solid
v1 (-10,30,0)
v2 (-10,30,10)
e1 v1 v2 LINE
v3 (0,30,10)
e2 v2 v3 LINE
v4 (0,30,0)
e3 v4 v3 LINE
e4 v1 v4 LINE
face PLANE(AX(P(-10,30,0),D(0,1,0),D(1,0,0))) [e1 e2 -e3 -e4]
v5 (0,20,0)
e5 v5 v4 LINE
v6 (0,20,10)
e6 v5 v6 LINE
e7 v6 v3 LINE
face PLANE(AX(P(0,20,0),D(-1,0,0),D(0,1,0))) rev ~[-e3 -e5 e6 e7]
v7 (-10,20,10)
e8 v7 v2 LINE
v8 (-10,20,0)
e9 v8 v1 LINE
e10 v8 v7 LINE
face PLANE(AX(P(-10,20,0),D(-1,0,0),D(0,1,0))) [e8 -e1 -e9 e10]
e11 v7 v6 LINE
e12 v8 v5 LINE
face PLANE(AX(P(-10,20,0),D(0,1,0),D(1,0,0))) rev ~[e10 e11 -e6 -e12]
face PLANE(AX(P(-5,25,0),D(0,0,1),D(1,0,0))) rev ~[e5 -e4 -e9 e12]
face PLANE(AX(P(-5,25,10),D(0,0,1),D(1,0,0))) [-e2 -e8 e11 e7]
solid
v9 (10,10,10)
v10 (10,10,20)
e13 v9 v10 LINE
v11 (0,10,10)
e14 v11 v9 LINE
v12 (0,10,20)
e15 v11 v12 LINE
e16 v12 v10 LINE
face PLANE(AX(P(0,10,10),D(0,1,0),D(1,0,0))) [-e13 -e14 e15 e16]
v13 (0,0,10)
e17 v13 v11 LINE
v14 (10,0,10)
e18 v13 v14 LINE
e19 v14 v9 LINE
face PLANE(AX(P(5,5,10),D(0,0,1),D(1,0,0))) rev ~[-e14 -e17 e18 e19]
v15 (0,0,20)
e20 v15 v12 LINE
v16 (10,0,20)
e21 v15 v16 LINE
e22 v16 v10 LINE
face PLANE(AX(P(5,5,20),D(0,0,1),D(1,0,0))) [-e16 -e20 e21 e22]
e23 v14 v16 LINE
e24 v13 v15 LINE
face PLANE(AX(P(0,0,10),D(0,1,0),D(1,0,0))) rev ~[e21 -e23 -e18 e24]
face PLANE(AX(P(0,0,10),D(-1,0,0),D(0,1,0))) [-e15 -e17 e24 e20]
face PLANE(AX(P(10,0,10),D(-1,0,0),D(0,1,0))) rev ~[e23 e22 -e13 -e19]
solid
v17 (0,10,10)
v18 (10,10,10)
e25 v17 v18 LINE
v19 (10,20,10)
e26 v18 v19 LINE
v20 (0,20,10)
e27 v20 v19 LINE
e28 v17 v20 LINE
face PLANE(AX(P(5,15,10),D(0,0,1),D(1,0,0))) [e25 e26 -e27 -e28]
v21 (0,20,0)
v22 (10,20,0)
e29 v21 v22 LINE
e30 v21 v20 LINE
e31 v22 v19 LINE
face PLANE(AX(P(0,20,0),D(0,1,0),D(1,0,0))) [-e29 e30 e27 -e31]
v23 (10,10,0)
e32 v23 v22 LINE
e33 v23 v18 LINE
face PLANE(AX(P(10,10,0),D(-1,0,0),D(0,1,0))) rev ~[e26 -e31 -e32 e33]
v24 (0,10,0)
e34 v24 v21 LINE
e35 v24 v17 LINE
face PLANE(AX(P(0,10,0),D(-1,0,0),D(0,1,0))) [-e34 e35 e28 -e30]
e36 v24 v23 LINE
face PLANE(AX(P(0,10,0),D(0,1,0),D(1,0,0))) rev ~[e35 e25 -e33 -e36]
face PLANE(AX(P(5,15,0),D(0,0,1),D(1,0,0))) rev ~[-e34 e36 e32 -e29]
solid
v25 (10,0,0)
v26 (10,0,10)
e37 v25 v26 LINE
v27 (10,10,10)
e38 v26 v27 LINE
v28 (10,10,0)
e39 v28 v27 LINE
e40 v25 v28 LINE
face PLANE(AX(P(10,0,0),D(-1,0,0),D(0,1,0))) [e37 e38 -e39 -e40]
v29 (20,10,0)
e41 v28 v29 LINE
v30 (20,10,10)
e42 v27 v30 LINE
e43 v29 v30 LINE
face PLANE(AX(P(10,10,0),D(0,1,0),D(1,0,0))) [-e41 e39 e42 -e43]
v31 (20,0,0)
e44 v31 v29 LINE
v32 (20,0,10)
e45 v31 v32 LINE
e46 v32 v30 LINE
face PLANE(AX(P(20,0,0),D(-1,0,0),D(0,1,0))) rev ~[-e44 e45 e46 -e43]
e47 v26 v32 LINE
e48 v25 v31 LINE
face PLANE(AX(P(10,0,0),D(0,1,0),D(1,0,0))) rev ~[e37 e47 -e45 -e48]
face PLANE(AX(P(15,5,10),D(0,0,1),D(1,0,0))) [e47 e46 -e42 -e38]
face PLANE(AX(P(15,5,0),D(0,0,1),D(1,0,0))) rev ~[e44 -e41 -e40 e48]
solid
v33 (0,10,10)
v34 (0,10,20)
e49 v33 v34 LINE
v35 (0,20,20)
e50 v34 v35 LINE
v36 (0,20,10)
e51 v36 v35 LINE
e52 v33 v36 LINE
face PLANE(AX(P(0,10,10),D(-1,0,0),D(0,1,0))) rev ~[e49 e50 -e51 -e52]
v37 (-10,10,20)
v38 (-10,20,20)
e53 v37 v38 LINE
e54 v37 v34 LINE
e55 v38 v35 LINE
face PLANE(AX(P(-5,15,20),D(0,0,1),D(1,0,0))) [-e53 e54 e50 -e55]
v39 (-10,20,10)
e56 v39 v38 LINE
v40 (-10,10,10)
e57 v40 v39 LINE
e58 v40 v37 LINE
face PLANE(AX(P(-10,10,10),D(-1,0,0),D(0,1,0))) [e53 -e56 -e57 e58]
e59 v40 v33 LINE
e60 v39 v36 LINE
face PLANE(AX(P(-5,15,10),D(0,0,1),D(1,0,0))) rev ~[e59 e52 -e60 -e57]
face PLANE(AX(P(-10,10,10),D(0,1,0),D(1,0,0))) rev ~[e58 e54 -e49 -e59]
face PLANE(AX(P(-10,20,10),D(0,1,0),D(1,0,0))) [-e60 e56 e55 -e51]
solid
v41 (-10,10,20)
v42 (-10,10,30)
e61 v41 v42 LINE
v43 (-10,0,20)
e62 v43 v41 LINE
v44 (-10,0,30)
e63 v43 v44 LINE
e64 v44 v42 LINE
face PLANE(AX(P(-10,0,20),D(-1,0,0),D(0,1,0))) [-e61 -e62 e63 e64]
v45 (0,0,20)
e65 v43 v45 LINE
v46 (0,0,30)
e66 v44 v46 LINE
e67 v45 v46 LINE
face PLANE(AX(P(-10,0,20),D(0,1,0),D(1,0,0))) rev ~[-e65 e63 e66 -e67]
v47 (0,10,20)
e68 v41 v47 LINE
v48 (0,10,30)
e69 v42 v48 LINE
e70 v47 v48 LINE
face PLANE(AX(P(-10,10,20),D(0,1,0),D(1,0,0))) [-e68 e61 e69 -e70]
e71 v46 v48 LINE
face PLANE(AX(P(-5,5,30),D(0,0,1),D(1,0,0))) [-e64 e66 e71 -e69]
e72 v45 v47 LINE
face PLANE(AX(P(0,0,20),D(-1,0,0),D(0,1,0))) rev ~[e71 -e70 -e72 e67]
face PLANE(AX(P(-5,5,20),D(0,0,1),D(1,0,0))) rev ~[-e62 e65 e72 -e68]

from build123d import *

# Parameters (mm, degrees)
BOX_W        = 10
BOX_H        = 10
BOX_DEPTH    = 10
BOX001_W     = 10
BOX001_H     = 10
BOX001_DEPTH = 10
BOX002_W     = 10
BOX002_H     = 10
BOX002_DEPTH = 10
BOX003_W     = 10
BOX003_H     = 10
BOX003_DEPTH = 10
BOX004_W     = 10
BOX004_H     = 10
BOX004_DEPTH = 10
BOX005_W     = 10
BOX005_H     = 10
BOX005_DEPTH = 10


with BuildPart() as box:
    # Box → Box (new body)
    with BuildSketch(Plane.XY.offset(10)):
        with Locations((5, 5)):
            Rectangle(BOX_W, BOX_H)
    extrude(amount=BOX_DEPTH)


with BuildPart() as box001:
    # Box001 → Box001 (new body)
    with BuildSketch(Plane(origin=(10, 0, 0), x_dir=(1, 0, 0), z_dir=(0, 0, 1))):
        with Locations((5, 5)):
            Rectangle(BOX001_W, BOX001_H)
    extrude(amount=BOX001_DEPTH)


with BuildPart() as cub:
    # Box002 → Box002 (new body)
    with BuildSketch(Plane(origin=(0, 10, 0), x_dir=(1, 0, 0), z_dir=(0, 0, 1))):
        with Locations((5, 5)):
            Rectangle(BOX002_W, BOX002_H)
    extrude(amount=BOX002_DEPTH)


with BuildPart() as cub001:
    # Box003 → Box003 (new body)
    with BuildSketch(Plane(origin=(-10, 10, 10), x_dir=(1, 0, 0), z_dir=(0, 0, 1))):
        with Locations((5, 5)):
            Rectangle(BOX003_W, BOX003_H)
    extrude(amount=BOX003_DEPTH)


with BuildPart() as cub002:
    # Box004 → Box004 (new body)
    with BuildSketch(Plane(origin=(-10, 20, 0), x_dir=(1, 0, 0), z_dir=(0, 0, 1))):
        with Locations((5, 5)):
            Rectangle(BOX004_W, BOX004_H)
    extrude(amount=BOX004_DEPTH)


with BuildPart() as cub003:
    # Box005 → Box005 (new body)
    with BuildSketch(Plane(origin=(-10, 0, 20), x_dir=(1, 0, 0), z_dir=(0, 0, 1))):
        with Locations((5, 5)):
            Rectangle(BOX005_W, BOX005_H)
    extrude(amount=BOX005_DEPTH)


solid = Compound([box.part, box001.part, cub.part, cub001.part, cub002.part, cub003.part])
